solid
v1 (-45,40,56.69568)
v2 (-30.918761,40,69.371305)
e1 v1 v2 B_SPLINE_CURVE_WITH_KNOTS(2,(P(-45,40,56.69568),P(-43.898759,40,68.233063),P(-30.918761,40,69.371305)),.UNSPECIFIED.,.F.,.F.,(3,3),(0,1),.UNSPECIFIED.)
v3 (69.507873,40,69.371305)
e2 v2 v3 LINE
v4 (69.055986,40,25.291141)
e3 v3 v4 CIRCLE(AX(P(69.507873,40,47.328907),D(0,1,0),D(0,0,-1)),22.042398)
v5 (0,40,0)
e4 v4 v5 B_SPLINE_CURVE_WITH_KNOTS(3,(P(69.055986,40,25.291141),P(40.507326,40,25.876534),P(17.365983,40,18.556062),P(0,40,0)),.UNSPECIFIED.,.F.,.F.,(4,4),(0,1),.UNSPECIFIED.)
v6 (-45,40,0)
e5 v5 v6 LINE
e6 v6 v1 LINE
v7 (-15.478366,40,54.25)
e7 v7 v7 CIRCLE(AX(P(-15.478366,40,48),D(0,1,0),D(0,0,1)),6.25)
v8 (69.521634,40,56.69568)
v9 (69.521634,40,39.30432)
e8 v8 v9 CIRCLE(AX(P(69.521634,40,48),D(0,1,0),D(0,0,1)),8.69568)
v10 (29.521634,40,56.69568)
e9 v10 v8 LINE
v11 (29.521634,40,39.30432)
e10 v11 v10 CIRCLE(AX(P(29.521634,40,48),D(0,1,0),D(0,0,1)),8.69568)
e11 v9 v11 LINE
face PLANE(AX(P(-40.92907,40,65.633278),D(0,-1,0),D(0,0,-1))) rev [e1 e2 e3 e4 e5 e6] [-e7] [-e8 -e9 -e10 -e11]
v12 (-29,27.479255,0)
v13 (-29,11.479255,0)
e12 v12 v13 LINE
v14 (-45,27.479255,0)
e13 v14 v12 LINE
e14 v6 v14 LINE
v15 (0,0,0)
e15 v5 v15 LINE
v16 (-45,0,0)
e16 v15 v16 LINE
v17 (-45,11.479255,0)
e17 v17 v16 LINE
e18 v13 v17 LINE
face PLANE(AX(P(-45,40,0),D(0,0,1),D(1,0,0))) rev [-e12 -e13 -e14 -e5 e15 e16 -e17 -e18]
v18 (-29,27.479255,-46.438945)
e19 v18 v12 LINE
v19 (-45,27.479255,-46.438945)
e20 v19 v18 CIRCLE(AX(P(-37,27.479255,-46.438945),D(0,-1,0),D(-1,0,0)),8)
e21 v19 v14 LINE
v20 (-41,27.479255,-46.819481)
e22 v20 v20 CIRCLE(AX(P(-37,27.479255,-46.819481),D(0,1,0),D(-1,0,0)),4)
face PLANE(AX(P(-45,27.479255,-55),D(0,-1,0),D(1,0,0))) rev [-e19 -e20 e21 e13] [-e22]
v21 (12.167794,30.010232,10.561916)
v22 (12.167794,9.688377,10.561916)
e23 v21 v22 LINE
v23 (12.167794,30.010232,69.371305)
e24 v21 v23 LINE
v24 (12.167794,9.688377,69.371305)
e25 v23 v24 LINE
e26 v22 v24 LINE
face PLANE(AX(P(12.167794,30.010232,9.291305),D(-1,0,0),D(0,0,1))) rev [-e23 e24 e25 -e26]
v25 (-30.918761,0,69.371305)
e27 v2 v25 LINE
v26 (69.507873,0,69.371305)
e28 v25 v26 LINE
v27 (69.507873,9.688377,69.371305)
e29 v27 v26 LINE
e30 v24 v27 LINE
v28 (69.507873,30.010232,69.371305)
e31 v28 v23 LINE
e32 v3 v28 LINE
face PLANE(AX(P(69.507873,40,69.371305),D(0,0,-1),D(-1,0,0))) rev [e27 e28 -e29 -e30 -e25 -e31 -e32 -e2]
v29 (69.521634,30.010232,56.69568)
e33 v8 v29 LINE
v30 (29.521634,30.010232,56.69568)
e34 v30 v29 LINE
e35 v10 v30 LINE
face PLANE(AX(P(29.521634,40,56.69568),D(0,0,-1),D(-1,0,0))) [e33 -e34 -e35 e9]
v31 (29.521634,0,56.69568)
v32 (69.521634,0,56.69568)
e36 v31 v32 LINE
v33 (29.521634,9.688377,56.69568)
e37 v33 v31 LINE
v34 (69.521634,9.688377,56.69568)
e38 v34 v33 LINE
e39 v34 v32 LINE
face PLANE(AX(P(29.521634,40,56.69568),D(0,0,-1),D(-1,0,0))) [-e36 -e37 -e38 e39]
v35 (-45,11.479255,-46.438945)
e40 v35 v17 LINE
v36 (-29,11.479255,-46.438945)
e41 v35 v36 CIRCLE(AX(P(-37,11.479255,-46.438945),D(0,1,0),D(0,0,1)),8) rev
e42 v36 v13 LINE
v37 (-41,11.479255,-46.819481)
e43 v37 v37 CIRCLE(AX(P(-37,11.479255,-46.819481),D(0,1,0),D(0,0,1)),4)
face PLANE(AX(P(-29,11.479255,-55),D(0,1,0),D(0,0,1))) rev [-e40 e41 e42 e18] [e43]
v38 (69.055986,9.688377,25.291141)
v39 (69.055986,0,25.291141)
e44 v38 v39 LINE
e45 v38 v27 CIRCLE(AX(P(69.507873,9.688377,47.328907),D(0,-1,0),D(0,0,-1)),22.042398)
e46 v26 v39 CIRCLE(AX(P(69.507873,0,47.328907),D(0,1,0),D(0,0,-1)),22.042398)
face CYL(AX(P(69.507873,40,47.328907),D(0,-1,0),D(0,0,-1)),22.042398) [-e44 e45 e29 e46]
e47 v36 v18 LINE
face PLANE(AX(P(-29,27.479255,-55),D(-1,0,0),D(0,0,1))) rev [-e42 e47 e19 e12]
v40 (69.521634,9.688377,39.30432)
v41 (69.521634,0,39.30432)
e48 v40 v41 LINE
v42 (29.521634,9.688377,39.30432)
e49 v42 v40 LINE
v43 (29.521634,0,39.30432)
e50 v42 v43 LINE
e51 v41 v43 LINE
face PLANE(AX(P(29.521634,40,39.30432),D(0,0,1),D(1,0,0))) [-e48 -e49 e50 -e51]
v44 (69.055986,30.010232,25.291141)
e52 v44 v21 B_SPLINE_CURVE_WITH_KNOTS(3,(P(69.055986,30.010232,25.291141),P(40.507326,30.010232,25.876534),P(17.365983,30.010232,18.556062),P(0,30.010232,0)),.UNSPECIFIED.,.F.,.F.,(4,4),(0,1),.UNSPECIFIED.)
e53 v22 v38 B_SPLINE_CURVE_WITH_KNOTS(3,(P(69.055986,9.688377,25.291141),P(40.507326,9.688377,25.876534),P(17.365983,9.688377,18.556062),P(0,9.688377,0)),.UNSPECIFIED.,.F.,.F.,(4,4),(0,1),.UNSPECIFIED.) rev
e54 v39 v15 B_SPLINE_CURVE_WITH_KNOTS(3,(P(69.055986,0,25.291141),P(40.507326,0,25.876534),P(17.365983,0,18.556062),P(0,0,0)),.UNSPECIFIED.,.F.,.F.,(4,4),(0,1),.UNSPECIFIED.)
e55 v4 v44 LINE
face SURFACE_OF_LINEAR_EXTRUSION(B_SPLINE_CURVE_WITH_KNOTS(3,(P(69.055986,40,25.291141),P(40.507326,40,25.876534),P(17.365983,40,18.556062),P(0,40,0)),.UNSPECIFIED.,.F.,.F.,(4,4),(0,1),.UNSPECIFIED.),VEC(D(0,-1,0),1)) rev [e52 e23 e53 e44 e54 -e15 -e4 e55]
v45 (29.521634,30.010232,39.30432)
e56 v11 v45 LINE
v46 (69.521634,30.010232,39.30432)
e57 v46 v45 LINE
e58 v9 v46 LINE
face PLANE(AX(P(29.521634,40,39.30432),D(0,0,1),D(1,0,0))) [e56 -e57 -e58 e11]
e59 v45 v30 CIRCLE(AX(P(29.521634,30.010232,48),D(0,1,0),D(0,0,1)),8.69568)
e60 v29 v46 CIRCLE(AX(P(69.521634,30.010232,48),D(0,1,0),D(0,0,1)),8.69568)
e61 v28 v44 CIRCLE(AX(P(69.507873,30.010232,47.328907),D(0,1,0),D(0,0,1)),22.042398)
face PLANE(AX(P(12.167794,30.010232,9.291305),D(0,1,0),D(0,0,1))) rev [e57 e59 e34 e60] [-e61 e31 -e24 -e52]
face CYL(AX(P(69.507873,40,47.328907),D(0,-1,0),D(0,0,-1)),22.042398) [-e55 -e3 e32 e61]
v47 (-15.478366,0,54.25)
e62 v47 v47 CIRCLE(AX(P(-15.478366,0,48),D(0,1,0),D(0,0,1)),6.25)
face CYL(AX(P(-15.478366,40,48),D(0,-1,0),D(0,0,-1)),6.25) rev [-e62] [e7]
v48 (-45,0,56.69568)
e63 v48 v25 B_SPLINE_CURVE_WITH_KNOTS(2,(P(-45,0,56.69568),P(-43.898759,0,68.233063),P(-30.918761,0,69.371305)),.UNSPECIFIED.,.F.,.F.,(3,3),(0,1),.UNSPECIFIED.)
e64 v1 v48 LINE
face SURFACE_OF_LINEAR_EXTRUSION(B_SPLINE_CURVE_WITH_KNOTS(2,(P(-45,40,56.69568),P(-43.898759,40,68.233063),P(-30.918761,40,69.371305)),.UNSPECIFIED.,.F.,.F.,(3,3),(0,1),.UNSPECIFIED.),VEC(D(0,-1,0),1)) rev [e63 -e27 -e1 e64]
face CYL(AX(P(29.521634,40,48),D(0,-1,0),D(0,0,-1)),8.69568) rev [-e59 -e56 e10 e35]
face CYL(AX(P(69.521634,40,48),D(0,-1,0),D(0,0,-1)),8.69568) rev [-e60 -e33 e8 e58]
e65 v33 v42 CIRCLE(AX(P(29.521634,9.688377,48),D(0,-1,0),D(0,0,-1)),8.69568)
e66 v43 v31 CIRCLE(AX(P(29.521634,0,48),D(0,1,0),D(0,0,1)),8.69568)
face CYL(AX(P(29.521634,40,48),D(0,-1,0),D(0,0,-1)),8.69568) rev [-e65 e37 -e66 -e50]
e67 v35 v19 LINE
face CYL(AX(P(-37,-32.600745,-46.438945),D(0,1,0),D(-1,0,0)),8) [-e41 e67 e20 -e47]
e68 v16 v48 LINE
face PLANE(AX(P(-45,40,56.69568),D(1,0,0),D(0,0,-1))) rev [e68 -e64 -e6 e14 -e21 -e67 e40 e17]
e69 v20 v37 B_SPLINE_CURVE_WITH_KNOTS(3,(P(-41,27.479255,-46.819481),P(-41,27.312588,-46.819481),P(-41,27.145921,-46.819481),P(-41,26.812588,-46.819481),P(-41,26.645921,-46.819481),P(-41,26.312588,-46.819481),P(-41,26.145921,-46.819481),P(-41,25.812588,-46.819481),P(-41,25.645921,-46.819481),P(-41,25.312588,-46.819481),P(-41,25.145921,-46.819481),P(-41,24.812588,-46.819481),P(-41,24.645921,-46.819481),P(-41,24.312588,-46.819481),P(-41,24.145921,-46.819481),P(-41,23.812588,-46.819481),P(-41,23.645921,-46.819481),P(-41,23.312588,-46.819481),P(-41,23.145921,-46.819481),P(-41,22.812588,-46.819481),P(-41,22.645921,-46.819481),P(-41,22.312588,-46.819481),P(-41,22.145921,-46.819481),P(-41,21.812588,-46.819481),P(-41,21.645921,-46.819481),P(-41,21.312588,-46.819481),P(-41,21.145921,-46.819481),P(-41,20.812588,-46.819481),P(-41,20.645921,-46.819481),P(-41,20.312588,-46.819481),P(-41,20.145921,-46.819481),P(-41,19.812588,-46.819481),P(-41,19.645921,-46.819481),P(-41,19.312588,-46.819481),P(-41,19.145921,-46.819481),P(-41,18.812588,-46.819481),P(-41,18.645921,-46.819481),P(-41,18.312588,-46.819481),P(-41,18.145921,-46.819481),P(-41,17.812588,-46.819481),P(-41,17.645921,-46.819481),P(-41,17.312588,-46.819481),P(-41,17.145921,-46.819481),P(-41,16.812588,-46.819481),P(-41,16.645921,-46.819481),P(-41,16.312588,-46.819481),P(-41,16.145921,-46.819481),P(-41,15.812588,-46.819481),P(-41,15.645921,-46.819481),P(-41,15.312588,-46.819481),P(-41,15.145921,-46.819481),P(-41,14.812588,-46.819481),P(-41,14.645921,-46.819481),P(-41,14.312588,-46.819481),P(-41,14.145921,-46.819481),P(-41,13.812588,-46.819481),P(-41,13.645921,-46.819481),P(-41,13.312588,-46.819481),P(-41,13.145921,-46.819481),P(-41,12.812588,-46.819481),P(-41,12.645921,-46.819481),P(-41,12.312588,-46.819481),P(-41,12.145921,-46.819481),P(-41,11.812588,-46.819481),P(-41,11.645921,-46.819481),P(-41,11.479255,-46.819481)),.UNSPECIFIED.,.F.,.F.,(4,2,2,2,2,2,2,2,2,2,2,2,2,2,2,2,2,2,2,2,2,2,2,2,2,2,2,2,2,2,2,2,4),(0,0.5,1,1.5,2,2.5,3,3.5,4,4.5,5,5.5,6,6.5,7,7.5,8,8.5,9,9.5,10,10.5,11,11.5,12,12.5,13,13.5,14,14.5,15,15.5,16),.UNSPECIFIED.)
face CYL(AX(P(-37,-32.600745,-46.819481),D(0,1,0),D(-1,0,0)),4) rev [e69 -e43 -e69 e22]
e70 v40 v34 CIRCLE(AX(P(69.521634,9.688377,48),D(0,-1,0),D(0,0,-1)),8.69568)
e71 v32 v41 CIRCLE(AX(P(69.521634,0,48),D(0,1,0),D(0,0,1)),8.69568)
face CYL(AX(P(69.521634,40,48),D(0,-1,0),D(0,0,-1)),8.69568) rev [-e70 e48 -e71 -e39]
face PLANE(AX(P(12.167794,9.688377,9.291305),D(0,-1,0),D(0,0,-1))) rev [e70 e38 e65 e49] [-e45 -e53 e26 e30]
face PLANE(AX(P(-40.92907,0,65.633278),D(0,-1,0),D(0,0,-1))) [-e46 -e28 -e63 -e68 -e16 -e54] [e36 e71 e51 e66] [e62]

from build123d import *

# Parameters (mm, degrees)
SKETCH1_R           = 6.25
BOSS_EXTRUDE1_DEPTH = 40
SKETCH3_W           = 16
SKETCH3_H           = 16
BOSS_EXTRUDE2_DEPTH = 55
SKETCH4_W           = 79.487617275
SKETCH4_H           = 20.321855451
CUT_EXTRUDE1_DEPTH  = 60.08
CUT_EXTRUDE2_DEPTH  = 60.08
SKETCH8_R           = 4
CUT_EXTRUDE3_DEPTH  = 60.08


with BuildPart() as part:
    # Sketch1 → Boss-Extrude1 (new body)
    with BuildSketch(Plane(origin=(0, 0, 0), x_dir=(1, 0, 0), z_dir=(0, 1, 0))):
        with BuildLine():
            Line((-45, 0), (0, 0))
            add(Edge.make_bspline(
                [(0, 0), (17.365983088, -18.556062235), (40.507326339, -25.876534392), (69.05598636, -25.291140997)],
                knots=[0, 0, 0, 0, 1, 1, 1, 1], degree=3))
            ThreePointArc((69.05598636, -25.291140997), (91.549113489, -47.102951703), (69.507873161, -69.371305461))
            Line((69.507873161, -69.371305461), (-19.337413001, -69.371305461))
            Line((-19.337413001, -69.371305461), (-30.918760516, -69.371305461))
            add(Edge.make_bspline(
                [(-45, -56.695680455), (-43.898759302, -68.233062502), (-30.918760516, -69.371305461)],
                knots=[0, 0, 0, 1, 1, 1], degree=2))
            Line((-45, -56.695680455), (-45, -50.496042729))
            Line((-45, -50.496042729), (-45, 0))
        make_face()
        with Locations(Location((-15.478366003, -48, 0), (0, 0, 270))):
            Circle(SKETCH1_R, mode=Mode.SUBTRACT)
        with BuildLine():
            Line((29.521633997, -39.304319545), (69.521633997, -39.304319545))
            ThreePointArc((69.521633997, -39.304319545), (78.217314452, -48), (69.521633997, -56.695680455))
            Line((69.521633997, -56.695680455), (29.521633997, -56.695680455))
            ThreePointArc((29.521633997, -56.695680455), (20.825953542, -48), (29.521633997, -39.304319545))
        make_face(mode=Mode.SUBTRACT)
    extrude(amount=BOSS_EXTRUDE1_DEPTH)

    # Sketch3 → Boss-Extrude2 (add)
    with BuildSketch(Plane(origin=(0, 0, 0), x_dir=(-1, 0, 0), z_dir=(0, 0, -1))):
        with Locations((37, 19.479254529)):
            Rectangle(SKETCH3_W, SKETCH3_H)
    extrude(amount=BOSS_EXTRUDE2_DEPTH)

    # Sketch4 → Cut-Extrude1 (cut)
    with BuildSketch(Plane.XY.offset(69.371305461)):
        with Locations((51.911602749, 19.849304399)):
            Rectangle(SKETCH4_W, SKETCH4_H)
    extrude(amount=-CUT_EXTRUDE1_DEPTH, mode=Mode.SUBTRACT)

    # Sketch7 → Cut-Extrude2 (cut)
    with BuildSketch(Plane(origin=(0, 27.479254529, 0), x_dir=(1, 0, 0), z_dir=(0, 1, 0))):
        with BuildLine():
            Line((-45, 46.438944543), (-45, 55))
            Line((-45, 55), (-29, 55))
            Line((-29, 55), (-29, 46.438944543))
            ThreePointArc((-29, 46.438944543), (-37, 54.438944543), (-45, 46.438944543))
        make_face()
    extrude(amount=-CUT_EXTRUDE2_DEPTH, mode=Mode.SUBTRACT)

    # Sketch8 → Cut-Extrude3 (cut)
    with BuildSketch(Plane(origin=(0, 27.479254529, 0), x_dir=(1, 0, 0), z_dir=(0, 1, 0))):
        with Locations(Location((-37, 46.819480791, 0), (0, 0, 180))):
            Circle(SKETCH8_R)
    extrude(amount=-CUT_EXTRUDE3_DEPTH, mode=Mode.SUBTRACT)


solid = part.part
